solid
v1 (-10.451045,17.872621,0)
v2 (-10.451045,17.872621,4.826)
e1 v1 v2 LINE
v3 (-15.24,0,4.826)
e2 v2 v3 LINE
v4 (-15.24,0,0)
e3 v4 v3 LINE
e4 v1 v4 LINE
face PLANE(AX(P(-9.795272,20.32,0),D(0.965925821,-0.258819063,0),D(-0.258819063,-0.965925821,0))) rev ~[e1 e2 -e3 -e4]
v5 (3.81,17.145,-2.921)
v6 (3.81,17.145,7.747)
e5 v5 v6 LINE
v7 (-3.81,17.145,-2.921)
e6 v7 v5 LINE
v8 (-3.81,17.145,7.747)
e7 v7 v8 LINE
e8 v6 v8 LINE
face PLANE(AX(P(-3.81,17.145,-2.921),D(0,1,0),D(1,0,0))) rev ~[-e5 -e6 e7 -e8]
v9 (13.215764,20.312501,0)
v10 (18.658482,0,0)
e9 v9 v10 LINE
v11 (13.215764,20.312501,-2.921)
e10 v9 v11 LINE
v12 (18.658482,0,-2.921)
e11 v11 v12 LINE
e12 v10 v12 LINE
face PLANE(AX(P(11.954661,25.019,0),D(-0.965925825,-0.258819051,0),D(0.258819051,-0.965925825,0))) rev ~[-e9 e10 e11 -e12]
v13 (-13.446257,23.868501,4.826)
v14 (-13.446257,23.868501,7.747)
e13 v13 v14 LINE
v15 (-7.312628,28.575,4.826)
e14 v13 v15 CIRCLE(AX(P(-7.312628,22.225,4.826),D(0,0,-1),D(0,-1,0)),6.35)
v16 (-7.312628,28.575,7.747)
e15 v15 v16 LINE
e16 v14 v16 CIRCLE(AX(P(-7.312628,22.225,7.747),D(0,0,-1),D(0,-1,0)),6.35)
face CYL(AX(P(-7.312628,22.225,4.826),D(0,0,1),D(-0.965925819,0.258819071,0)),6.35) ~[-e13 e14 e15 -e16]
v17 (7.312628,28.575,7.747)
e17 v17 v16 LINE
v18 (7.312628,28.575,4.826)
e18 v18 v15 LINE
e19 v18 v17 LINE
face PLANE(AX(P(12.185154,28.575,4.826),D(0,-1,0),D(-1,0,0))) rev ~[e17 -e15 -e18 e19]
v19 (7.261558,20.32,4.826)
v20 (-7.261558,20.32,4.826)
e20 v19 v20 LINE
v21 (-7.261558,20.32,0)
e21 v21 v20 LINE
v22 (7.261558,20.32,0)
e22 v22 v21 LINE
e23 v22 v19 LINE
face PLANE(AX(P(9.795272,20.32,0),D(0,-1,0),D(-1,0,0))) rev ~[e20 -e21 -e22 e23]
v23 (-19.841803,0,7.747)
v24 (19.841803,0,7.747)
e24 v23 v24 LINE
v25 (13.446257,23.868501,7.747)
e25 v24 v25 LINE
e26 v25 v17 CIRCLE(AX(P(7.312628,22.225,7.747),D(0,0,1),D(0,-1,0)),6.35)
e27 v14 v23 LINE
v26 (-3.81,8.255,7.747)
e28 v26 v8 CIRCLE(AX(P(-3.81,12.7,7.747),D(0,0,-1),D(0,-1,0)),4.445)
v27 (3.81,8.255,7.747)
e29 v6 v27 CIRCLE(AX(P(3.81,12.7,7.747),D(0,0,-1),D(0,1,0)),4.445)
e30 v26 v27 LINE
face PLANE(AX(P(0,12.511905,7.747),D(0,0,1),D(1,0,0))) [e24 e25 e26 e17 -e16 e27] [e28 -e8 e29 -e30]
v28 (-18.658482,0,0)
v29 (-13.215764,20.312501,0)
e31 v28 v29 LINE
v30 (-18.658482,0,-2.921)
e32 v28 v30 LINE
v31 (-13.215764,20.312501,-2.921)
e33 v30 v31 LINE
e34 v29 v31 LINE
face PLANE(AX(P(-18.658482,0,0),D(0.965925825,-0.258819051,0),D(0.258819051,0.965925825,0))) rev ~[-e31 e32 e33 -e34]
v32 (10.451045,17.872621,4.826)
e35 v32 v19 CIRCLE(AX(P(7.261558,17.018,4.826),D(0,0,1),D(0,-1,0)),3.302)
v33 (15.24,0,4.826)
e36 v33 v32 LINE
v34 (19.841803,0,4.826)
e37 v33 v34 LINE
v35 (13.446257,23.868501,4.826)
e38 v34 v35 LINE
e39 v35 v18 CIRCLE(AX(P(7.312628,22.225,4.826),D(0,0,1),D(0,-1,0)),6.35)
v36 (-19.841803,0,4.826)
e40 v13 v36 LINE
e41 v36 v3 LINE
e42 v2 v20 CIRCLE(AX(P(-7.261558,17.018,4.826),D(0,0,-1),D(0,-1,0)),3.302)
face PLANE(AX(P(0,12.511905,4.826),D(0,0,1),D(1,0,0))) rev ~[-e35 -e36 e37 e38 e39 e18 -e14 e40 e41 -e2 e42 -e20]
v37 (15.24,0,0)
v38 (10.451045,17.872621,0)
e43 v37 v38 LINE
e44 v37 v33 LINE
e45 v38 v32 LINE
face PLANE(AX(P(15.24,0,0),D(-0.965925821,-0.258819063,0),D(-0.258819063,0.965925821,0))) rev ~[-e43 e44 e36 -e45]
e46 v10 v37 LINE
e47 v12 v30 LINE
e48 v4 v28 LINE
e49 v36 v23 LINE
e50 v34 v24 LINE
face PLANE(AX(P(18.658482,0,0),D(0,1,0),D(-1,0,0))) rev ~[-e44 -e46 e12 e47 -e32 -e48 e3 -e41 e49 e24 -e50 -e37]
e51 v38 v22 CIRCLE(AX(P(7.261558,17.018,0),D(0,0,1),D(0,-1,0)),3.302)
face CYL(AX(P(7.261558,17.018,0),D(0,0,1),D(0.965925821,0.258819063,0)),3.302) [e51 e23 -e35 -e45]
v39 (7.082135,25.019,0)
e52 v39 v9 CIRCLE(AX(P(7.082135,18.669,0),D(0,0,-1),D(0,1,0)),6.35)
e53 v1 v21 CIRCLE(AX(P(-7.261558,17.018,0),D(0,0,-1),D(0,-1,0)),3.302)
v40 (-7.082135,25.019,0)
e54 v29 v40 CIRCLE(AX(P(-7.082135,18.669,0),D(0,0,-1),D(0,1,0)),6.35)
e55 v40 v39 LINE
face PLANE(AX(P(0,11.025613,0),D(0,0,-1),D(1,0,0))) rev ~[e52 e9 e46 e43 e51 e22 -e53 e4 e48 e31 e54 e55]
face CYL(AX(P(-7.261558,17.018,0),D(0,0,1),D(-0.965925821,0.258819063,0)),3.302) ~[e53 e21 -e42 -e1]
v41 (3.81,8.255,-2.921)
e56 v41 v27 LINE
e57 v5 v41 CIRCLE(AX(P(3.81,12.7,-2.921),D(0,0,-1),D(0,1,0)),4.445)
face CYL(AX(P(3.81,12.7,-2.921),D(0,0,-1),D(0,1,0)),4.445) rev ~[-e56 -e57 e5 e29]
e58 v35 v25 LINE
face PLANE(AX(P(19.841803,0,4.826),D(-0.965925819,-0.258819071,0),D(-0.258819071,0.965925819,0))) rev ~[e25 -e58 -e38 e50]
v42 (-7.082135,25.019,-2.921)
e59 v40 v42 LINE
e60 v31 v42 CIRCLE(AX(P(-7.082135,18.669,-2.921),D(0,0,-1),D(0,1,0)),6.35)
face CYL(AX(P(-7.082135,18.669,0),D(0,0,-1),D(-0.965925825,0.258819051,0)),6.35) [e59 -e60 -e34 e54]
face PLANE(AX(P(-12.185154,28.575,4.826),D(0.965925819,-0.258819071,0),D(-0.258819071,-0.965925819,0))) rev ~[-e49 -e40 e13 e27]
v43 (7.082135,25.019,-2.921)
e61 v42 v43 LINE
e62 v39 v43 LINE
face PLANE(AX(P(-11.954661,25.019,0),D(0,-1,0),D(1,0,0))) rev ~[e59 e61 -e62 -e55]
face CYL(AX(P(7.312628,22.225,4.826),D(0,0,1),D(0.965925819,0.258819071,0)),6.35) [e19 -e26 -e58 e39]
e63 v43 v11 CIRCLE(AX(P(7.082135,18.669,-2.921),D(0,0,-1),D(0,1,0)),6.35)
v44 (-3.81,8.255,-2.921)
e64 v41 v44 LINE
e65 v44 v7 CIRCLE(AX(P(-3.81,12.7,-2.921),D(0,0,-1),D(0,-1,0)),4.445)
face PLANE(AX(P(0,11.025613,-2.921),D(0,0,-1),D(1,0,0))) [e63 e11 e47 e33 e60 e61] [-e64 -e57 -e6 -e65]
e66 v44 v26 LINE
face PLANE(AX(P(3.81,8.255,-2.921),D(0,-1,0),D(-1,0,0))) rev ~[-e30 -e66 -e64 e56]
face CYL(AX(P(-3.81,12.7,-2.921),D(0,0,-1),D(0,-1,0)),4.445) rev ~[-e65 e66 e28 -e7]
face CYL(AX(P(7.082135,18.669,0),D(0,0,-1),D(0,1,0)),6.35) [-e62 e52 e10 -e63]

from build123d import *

# Parameters (mm, degrees)
F1_DEPTH = 4.826
F3_DEPTH = 2.921
F5_DEPTH = 2.921
F7_DEPTH = 25.4
F8_R     = 3.302
F9_R     = 6.35


with BuildPart() as f1:
    # F0 (on Top) → F1 (new body)
    with BuildSketch(Plane.XY):
        Polygon((-9.795272, 20.32), (-15.24, 0), (15.24, 0), (9.795272, 20.32), align=None)
    extrude(amount=F1_DEPTH)

    # F2 (on face) → F3 (join)
    with BuildSketch(Plane.XY.offset(4.826)):
        Polygon((-19.841803, 0), (19.841803, 0), (12.185154, 28.575), (-12.185154, 28.575), align=None)
    extrude(amount=F3_DEPTH)

    # F4 (on face) → F5 (join)
    with BuildSketch(Plane(origin=(0, 0, 0), x_dir=(1, 0, 0), z_dir=(0, 0, -1))):
        Polygon((18.658482, 0), (-18.658482, 0), (-11.954661, -25.019), (11.954661, -25.019), align=None)
    extrude(amount=F5_DEPTH)

    # F6 (on face) → F7 (cut)
    with BuildSketch(Plane(origin=(0, 0, -2.921), x_dir=(1, 0, 0), z_dir=(0, 0, -1))):
        with BuildLine():
            Line((3.81, -8.255), (-3.81, -8.255))
            ThreePointArc((-3.81, -8.255), (-8.255, -12.7), (-3.81, -17.145))
            Line((-3.81, -17.145), (3.81, -17.145))
            ThreePointArc((3.81, -17.145), (8.255, -12.7), (3.81, -8.255))
        make_face()
    extrude(amount=-F7_DEPTH, mode=Mode.SUBTRACT)

    # F8
    f8_edges = [f1.edges().sort_by_distance(p)[0] for p in [
        (9.795272, 20.32, 2.413),
        (-9.795272, 20.32, 2.413),
    ]]
    fillet(f8_edges, radius=F8_R)

    # F9
    f9_edges = [f1.edges().sort_by_distance(p)[0] for p in [
        (12.185154, 28.575, 6.2865),
        (-12.185154, 28.575, 6.2865),
        (11.954661, 25.019, -1.4605),
        (-11.954661, 25.019, -1.4605),
    ]]
    fillet(f9_edges, radius=F9_R)


solid = f1.part
